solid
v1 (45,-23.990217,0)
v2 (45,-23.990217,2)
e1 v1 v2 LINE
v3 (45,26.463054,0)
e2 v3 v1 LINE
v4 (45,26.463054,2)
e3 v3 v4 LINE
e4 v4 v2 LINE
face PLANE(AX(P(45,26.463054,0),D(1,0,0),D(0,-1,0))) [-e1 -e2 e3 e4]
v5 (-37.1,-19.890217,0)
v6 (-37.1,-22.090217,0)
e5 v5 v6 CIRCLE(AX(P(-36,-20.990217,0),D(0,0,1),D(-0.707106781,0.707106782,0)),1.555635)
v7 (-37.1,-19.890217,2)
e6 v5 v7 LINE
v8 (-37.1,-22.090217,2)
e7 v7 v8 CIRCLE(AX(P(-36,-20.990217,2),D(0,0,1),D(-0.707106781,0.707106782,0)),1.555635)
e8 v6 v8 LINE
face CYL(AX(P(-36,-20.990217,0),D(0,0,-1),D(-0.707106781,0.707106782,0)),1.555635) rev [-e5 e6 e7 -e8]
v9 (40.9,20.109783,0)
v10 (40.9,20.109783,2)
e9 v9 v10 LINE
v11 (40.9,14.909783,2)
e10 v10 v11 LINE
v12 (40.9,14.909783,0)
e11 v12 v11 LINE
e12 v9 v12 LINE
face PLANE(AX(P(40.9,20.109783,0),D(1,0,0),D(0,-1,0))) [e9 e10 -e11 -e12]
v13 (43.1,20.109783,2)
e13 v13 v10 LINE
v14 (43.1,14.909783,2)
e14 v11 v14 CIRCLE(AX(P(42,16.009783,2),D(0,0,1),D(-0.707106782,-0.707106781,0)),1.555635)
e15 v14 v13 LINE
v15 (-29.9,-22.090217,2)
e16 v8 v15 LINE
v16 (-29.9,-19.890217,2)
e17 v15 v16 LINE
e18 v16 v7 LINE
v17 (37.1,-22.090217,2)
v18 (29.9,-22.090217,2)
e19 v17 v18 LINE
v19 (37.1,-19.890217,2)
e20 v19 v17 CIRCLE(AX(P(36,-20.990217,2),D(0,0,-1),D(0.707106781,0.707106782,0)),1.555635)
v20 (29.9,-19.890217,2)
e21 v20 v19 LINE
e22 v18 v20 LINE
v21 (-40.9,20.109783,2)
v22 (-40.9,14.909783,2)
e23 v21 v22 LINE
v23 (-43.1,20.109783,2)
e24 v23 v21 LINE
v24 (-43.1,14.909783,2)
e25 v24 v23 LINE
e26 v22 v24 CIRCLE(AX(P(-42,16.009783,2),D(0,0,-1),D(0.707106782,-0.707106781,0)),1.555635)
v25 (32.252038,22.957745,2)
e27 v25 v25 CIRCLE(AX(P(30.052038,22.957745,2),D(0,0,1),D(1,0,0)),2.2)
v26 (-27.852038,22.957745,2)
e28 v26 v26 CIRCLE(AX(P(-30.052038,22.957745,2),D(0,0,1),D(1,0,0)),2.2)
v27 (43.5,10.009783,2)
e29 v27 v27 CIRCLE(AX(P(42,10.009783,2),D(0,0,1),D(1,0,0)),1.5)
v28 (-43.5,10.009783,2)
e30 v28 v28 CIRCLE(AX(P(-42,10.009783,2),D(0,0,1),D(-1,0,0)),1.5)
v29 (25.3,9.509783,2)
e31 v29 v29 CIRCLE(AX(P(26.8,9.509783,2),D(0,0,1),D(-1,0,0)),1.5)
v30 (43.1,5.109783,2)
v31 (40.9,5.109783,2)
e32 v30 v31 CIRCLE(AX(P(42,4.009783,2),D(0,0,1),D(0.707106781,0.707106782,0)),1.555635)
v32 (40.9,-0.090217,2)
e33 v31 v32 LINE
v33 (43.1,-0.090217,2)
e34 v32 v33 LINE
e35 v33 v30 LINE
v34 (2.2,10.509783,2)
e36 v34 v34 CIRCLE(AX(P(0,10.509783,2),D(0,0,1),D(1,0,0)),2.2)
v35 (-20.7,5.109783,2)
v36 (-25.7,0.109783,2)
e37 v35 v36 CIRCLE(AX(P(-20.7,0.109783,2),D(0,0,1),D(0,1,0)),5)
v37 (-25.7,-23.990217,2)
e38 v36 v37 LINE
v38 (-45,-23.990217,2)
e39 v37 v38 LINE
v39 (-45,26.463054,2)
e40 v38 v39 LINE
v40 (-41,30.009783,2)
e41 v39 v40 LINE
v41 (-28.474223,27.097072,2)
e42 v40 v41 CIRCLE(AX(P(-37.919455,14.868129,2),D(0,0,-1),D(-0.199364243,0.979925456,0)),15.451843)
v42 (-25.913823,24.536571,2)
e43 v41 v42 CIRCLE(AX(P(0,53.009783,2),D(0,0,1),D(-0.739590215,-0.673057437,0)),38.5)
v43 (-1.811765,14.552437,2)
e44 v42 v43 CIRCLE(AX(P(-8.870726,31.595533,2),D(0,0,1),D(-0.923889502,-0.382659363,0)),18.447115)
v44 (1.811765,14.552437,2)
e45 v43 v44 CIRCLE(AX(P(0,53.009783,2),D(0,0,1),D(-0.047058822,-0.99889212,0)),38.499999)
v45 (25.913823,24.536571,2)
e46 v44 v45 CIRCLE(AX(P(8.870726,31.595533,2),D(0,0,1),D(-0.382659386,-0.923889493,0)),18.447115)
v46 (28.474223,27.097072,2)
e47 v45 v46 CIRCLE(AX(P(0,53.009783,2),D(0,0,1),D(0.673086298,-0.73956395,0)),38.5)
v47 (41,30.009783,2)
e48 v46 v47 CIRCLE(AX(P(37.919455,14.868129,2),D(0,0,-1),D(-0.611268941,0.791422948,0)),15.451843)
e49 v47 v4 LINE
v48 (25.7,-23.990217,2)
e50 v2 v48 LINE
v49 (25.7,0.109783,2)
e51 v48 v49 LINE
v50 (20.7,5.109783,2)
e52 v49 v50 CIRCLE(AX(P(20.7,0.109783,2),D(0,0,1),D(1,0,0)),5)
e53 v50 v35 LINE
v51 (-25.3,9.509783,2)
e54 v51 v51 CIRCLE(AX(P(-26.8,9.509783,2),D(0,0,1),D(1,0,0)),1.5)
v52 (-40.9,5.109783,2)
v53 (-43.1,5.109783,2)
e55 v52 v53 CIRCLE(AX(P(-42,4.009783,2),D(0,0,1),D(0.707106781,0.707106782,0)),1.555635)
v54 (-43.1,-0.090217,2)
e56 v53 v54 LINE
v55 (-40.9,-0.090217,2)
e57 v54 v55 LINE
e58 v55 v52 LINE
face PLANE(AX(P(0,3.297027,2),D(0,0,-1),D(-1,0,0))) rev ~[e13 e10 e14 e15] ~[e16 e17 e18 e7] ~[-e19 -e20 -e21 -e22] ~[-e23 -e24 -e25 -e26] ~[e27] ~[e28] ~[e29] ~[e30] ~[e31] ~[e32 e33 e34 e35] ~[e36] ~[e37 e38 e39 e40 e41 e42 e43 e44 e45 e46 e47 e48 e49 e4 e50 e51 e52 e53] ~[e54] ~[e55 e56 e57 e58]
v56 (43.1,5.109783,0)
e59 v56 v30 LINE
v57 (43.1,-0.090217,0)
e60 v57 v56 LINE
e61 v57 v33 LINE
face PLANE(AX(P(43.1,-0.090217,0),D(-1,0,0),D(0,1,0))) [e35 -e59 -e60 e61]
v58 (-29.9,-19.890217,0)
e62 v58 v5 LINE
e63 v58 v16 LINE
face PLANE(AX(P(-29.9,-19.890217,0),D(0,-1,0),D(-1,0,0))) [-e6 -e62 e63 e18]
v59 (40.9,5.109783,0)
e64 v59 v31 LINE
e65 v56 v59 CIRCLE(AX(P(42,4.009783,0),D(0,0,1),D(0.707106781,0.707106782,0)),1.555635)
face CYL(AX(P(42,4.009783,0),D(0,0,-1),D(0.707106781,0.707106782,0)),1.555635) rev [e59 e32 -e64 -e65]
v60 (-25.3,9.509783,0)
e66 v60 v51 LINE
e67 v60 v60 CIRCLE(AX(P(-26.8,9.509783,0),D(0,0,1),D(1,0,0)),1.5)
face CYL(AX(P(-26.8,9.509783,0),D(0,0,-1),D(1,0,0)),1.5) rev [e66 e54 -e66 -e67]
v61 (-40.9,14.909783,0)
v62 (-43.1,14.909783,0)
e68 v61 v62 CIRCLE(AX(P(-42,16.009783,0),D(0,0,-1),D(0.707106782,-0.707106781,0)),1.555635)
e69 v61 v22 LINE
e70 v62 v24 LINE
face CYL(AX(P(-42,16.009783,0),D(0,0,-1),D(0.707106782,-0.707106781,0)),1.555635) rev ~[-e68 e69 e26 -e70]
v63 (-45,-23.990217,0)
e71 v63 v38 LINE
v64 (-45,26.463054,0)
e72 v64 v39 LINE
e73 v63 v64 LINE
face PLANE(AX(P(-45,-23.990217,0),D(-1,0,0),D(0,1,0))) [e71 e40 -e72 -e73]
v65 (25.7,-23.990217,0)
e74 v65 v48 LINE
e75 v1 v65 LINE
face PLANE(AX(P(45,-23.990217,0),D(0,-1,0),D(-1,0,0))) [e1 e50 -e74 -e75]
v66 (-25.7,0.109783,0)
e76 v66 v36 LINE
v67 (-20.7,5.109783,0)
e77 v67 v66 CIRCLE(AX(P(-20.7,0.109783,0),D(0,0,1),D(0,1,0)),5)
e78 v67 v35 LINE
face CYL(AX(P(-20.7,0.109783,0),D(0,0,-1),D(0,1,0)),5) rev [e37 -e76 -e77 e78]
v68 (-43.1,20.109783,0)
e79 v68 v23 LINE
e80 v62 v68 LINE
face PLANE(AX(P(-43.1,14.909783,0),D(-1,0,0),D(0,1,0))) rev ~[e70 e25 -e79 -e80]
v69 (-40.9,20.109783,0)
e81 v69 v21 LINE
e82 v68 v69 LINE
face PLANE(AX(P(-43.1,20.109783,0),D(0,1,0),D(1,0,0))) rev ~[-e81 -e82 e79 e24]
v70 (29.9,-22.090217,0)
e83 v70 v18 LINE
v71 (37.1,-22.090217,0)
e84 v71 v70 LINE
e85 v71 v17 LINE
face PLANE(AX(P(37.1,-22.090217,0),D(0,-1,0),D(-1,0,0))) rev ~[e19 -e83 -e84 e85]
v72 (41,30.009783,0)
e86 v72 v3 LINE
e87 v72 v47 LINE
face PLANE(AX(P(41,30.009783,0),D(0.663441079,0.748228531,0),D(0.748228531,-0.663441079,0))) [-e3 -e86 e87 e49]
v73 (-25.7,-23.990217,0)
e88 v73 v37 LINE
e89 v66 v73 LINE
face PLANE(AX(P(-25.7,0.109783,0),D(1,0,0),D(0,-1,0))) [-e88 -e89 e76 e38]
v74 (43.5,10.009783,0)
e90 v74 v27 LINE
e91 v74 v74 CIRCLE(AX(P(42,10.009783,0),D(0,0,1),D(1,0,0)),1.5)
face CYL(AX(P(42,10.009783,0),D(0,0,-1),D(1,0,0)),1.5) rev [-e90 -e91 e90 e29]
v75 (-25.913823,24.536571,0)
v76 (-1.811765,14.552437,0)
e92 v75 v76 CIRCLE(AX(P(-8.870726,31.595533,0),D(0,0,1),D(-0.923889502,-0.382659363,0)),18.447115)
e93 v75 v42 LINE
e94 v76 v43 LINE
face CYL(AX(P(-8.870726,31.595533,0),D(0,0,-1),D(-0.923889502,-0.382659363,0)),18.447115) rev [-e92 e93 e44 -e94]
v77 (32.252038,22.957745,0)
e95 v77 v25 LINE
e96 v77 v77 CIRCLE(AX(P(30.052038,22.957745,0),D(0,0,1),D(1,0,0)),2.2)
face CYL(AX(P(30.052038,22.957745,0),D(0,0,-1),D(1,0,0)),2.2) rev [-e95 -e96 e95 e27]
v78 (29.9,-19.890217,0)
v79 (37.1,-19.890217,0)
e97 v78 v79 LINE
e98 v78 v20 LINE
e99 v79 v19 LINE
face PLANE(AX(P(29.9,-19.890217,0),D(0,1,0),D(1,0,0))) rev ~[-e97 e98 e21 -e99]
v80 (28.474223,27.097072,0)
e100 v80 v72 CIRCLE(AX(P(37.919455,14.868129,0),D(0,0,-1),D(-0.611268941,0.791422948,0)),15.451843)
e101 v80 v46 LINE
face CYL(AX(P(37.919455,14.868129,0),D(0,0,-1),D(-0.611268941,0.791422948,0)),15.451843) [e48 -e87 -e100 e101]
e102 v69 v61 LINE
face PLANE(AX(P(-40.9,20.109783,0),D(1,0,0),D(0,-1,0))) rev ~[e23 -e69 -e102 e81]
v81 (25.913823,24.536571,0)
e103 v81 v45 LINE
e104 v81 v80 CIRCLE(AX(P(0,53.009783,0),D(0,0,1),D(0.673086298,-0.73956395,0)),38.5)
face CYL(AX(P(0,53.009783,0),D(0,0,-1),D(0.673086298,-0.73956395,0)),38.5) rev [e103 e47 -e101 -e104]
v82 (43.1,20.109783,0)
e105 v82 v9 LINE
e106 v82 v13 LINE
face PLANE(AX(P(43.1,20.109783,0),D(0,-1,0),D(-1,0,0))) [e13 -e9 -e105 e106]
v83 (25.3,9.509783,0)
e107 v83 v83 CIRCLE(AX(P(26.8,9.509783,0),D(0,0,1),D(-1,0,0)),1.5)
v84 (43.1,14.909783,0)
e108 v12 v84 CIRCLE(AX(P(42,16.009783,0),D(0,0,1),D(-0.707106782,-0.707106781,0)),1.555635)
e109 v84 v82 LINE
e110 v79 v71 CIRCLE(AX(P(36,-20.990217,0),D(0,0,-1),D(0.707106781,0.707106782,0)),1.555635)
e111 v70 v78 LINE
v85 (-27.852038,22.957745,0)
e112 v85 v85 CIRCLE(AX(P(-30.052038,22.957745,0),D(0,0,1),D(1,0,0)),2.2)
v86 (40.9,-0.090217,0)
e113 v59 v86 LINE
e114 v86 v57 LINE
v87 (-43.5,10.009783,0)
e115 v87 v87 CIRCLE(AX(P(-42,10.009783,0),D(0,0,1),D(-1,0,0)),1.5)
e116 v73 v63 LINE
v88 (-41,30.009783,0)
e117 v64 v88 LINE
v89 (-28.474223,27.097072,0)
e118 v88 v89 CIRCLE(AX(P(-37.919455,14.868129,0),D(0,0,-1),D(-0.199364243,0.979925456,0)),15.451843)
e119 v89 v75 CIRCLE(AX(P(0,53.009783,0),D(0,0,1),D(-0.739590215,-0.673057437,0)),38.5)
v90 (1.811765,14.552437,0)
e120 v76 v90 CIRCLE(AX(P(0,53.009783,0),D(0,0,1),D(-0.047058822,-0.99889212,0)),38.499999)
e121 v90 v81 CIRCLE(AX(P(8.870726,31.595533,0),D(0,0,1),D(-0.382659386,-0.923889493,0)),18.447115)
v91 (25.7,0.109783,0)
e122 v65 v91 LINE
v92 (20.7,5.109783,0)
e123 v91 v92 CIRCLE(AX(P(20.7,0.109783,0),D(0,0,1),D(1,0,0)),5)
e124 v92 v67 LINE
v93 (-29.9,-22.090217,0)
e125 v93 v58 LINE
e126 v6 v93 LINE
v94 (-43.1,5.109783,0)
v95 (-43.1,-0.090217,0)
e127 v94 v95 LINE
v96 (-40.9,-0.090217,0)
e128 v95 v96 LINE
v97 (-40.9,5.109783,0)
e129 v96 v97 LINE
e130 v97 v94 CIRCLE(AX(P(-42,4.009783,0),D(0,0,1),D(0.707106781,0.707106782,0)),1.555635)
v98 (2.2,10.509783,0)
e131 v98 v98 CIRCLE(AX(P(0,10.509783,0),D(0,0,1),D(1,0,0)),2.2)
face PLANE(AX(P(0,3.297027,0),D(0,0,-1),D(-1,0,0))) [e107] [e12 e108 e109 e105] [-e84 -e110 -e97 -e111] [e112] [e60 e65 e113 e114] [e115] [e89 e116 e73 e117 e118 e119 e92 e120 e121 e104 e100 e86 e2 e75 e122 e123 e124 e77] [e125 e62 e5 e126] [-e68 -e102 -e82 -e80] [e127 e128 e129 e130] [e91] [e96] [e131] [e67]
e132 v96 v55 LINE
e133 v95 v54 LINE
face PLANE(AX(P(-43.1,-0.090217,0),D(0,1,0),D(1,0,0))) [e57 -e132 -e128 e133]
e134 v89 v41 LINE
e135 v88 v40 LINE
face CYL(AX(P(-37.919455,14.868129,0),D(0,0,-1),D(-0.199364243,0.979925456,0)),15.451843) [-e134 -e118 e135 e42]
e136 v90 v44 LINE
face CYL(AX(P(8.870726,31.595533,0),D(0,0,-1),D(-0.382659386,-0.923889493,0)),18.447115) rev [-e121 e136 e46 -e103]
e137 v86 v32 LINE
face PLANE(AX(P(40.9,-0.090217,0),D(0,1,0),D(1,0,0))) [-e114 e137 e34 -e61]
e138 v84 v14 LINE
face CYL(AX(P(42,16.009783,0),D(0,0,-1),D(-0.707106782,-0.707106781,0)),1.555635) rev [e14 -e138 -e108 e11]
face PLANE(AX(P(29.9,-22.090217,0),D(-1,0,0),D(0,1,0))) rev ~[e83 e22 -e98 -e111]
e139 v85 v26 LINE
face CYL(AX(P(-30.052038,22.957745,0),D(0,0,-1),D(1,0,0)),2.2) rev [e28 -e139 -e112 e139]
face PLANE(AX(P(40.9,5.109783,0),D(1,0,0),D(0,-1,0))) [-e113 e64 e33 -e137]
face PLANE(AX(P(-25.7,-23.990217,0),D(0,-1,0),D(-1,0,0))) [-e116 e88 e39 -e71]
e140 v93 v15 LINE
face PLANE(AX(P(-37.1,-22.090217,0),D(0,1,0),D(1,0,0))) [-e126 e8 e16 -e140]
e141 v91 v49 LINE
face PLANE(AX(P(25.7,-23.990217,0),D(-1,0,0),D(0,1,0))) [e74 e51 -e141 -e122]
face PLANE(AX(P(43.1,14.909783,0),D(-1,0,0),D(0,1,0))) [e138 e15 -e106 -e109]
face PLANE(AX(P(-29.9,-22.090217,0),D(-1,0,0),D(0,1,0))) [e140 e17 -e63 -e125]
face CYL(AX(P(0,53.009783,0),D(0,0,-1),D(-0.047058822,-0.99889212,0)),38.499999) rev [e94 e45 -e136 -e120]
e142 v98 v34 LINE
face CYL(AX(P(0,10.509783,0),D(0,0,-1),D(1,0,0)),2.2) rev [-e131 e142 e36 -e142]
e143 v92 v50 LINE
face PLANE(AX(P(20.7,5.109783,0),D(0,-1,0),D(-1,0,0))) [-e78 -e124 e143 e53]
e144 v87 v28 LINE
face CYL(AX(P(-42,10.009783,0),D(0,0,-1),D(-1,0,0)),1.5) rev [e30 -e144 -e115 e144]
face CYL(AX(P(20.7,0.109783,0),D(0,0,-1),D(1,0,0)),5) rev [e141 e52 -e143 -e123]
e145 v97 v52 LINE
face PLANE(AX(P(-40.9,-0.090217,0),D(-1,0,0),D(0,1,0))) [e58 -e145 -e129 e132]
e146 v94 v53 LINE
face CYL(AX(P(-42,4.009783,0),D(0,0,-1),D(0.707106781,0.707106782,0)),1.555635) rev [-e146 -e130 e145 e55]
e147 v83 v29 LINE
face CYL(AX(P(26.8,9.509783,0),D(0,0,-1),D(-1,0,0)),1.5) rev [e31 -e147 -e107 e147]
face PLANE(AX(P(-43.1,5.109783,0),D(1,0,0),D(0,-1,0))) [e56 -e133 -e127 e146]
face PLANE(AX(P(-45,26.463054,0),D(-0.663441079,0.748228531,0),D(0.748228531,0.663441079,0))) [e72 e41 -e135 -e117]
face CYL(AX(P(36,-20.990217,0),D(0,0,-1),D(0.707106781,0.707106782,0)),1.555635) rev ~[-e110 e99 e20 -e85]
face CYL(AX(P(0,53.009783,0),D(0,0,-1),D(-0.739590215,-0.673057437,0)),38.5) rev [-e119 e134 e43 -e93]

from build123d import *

# Parameters (mm, degrees)
SKETCH_3_R      = 2.2
SKETCH_3_R_2    = 1.5
EXTRUDE_1_DEPTH = 2


with BuildPart() as part:
    # 草图3 → 凸台-拉伸1 (new body)
    with BuildSketch(Plane.XY):
        with BuildLine():
            Line((-41, -23.990216685), (-42, -23.990216685))
            Line((-42, -23.990216685), (-44, -23.990216685))
            Line((-44, -23.990216685), (-45, -23.990216685))
            Line((-45, -23.990216685), (-45, 5.009783315))
            Line((-45, 5.009783315), (-45, 15.009783315))
            Line((-45, 15.009783315), (-45, 26.463053661))
            Line((-45, 26.463053661), (-41, 30.009783315))
            ThreePointArc((-41, 30.009783315), (-34.419700625, 29.918417102), (-28.474223323, 27.097072158))
            ThreePointArc((-28.474223323, 27.097072158), (-27.224142294, 25.7867036), (-25.913822519, 24.536571436))
            ThreePointArc((-25.913822519, 24.536571436), (-15.930575575, 14.55280442), (-1.811764604, 14.552436852))
            ThreePointArc((-1.811764604, 14.552436852), (0, 14.509783471), (1.811764604, 14.552436852))
            ThreePointArc((1.811764604, 14.552436852), (15.930575575, 14.55280442), (25.913822519, 24.536571436))
            ThreePointArc((25.913822519, 24.536571436), (27.224142294, 25.7867036), (28.474223323, 27.097072158))
            ThreePointArc((28.474223323, 27.097072158), (34.419700625, 29.918417102), (41, 30.009783315))
            Line((41, 30.009783315), (45, 26.463053661))
            Line((45, 26.463053661), (45, 15.009783315))
            Line((45, 15.009783315), (45, -23.990216685))
            Line((45, -23.990216685), (41, -23.990216685))
            Line((41, -23.990216685), (25.7, -23.990216685))
            Line((25.7, -23.990216685), (25.7, -19.890216685))
            Line((25.7, -19.890216685), (25.7, -18.890216685))
            Line((25.7, -18.890216685), (25.7, 0.109783315))
            ThreePointArc((25.7, 0.109783315), (24.235533906, 3.645317221), (20.7, 5.109783315))
            Line((20.7, 5.109783315), (-20.7, 5.109783315))
            ThreePointArc((-20.7, 5.109783315), (-24.235533906, 3.645317221), (-25.7, 0.109783315))
            Line((-25.7, 0.109783315), (-25.7, -18.890216685))
            Line((-25.7, -18.890216685), (-25.7, -19.890216685))
            Line((-25.7, -19.890216685), (-25.7, -23.990216685))
            Line((-25.7, -23.990216685), (-41, -23.990216685))
        make_face()
        with Locations((0, 10.509783315)):
            Circle(SKETCH_3_R, mode=Mode.SUBTRACT)
        with Locations((-30.0520382, 22.957745114)):
            Circle(SKETCH_3_R, mode=Mode.SUBTRACT)
        with Locations((30.0520382, 22.957745114)):
            Circle(SKETCH_3_R, mode=Mode.SUBTRACT)
        with Locations((-26.8, 9.509783315)):
            Circle(SKETCH_3_R_2, mode=Mode.SUBTRACT)
        with Locations(Location((26.8, 9.509783315, 0), (0, 0, 180))):
            Circle(SKETCH_3_R_2, mode=Mode.SUBTRACT)
        with Locations((42, 10.009783315)):
            Circle(SKETCH_3_R_2, mode=Mode.SUBTRACT)
        with Locations(Location((-42, 10.009783315, 0), (0, 0, 180))):
            Circle(SKETCH_3_R_2, mode=Mode.SUBTRACT)
        with BuildLine():
            Line((-37.1, -22.090216685), (-29.9, -22.090216685))
            Line((-29.9, -22.090216685), (-29.9, -19.890216685))
            Line((-29.9, -19.890216685), (-37.1, -19.890216685))
            ThreePointArc((-37.1, -19.890216685), (-37.555634919, -20.990216685), (-37.1, -22.090216685))
        make_face(mode=Mode.SUBTRACT)
        with BuildLine():
            Line((29.9, -22.090216685), (29.9, -19.890216685))
            Line((29.9, -19.890216685), (37.1, -19.890216685))
            ThreePointArc((37.1, -19.890216685), (37.555634919, -20.990216685), (37.1, -22.090216685))
            Line((37.1, -22.090216685), (29.9, -22.090216685))
        make_face(mode=Mode.SUBTRACT)
        with BuildLine():
            Line((-43.1, 5.109783315), (-43.1, -0.090216685))
            Line((-43.1, -0.090216685), (-40.9, -0.090216685))
            Line((-40.9, -0.090216685), (-40.9, 5.109783315))
            ThreePointArc((-40.9, 5.109783315), (-42, 5.565418233), (-43.1, 5.109783315))
        make_face(mode=Mode.SUBTRACT)
        with BuildLine():
            Line((-43.1, 20.109783315), (-40.9, 20.109783315))
            Line((-40.9, 20.109783315), (-40.9, 14.909783315))
            ThreePointArc((-40.9, 14.909783315), (-42, 14.454148396), (-43.1, 14.909783315))
            Line((-43.1, 14.909783315), (-43.1, 20.109783315))
        make_face(mode=Mode.SUBTRACT)
        with BuildLine():
            Line((40.9, 20.109783315), (40.9, 14.909783315))
            ThreePointArc((40.9, 14.909783315), (42, 14.454148396), (43.1, 14.909783315))
            Line((43.1, 14.909783315), (43.1, 20.109783315))
            Line((43.1, 20.109783315), (40.9, 20.109783315))
        make_face(mode=Mode.SUBTRACT)
        with BuildLine():
            Line((40.9, 5.109783315), (40.9, -0.090216685))
            Line((40.9, -0.090216685), (43.1, -0.090216685))
            Line((43.1, -0.090216685), (43.1, 5.109783315))
            ThreePointArc((43.1, 5.109783315), (42, 5.565418233), (40.9, 5.109783315))
        make_face(mode=Mode.SUBTRACT)
    extrude(amount=EXTRUDE_1_DEPTH)


solid = part.part
